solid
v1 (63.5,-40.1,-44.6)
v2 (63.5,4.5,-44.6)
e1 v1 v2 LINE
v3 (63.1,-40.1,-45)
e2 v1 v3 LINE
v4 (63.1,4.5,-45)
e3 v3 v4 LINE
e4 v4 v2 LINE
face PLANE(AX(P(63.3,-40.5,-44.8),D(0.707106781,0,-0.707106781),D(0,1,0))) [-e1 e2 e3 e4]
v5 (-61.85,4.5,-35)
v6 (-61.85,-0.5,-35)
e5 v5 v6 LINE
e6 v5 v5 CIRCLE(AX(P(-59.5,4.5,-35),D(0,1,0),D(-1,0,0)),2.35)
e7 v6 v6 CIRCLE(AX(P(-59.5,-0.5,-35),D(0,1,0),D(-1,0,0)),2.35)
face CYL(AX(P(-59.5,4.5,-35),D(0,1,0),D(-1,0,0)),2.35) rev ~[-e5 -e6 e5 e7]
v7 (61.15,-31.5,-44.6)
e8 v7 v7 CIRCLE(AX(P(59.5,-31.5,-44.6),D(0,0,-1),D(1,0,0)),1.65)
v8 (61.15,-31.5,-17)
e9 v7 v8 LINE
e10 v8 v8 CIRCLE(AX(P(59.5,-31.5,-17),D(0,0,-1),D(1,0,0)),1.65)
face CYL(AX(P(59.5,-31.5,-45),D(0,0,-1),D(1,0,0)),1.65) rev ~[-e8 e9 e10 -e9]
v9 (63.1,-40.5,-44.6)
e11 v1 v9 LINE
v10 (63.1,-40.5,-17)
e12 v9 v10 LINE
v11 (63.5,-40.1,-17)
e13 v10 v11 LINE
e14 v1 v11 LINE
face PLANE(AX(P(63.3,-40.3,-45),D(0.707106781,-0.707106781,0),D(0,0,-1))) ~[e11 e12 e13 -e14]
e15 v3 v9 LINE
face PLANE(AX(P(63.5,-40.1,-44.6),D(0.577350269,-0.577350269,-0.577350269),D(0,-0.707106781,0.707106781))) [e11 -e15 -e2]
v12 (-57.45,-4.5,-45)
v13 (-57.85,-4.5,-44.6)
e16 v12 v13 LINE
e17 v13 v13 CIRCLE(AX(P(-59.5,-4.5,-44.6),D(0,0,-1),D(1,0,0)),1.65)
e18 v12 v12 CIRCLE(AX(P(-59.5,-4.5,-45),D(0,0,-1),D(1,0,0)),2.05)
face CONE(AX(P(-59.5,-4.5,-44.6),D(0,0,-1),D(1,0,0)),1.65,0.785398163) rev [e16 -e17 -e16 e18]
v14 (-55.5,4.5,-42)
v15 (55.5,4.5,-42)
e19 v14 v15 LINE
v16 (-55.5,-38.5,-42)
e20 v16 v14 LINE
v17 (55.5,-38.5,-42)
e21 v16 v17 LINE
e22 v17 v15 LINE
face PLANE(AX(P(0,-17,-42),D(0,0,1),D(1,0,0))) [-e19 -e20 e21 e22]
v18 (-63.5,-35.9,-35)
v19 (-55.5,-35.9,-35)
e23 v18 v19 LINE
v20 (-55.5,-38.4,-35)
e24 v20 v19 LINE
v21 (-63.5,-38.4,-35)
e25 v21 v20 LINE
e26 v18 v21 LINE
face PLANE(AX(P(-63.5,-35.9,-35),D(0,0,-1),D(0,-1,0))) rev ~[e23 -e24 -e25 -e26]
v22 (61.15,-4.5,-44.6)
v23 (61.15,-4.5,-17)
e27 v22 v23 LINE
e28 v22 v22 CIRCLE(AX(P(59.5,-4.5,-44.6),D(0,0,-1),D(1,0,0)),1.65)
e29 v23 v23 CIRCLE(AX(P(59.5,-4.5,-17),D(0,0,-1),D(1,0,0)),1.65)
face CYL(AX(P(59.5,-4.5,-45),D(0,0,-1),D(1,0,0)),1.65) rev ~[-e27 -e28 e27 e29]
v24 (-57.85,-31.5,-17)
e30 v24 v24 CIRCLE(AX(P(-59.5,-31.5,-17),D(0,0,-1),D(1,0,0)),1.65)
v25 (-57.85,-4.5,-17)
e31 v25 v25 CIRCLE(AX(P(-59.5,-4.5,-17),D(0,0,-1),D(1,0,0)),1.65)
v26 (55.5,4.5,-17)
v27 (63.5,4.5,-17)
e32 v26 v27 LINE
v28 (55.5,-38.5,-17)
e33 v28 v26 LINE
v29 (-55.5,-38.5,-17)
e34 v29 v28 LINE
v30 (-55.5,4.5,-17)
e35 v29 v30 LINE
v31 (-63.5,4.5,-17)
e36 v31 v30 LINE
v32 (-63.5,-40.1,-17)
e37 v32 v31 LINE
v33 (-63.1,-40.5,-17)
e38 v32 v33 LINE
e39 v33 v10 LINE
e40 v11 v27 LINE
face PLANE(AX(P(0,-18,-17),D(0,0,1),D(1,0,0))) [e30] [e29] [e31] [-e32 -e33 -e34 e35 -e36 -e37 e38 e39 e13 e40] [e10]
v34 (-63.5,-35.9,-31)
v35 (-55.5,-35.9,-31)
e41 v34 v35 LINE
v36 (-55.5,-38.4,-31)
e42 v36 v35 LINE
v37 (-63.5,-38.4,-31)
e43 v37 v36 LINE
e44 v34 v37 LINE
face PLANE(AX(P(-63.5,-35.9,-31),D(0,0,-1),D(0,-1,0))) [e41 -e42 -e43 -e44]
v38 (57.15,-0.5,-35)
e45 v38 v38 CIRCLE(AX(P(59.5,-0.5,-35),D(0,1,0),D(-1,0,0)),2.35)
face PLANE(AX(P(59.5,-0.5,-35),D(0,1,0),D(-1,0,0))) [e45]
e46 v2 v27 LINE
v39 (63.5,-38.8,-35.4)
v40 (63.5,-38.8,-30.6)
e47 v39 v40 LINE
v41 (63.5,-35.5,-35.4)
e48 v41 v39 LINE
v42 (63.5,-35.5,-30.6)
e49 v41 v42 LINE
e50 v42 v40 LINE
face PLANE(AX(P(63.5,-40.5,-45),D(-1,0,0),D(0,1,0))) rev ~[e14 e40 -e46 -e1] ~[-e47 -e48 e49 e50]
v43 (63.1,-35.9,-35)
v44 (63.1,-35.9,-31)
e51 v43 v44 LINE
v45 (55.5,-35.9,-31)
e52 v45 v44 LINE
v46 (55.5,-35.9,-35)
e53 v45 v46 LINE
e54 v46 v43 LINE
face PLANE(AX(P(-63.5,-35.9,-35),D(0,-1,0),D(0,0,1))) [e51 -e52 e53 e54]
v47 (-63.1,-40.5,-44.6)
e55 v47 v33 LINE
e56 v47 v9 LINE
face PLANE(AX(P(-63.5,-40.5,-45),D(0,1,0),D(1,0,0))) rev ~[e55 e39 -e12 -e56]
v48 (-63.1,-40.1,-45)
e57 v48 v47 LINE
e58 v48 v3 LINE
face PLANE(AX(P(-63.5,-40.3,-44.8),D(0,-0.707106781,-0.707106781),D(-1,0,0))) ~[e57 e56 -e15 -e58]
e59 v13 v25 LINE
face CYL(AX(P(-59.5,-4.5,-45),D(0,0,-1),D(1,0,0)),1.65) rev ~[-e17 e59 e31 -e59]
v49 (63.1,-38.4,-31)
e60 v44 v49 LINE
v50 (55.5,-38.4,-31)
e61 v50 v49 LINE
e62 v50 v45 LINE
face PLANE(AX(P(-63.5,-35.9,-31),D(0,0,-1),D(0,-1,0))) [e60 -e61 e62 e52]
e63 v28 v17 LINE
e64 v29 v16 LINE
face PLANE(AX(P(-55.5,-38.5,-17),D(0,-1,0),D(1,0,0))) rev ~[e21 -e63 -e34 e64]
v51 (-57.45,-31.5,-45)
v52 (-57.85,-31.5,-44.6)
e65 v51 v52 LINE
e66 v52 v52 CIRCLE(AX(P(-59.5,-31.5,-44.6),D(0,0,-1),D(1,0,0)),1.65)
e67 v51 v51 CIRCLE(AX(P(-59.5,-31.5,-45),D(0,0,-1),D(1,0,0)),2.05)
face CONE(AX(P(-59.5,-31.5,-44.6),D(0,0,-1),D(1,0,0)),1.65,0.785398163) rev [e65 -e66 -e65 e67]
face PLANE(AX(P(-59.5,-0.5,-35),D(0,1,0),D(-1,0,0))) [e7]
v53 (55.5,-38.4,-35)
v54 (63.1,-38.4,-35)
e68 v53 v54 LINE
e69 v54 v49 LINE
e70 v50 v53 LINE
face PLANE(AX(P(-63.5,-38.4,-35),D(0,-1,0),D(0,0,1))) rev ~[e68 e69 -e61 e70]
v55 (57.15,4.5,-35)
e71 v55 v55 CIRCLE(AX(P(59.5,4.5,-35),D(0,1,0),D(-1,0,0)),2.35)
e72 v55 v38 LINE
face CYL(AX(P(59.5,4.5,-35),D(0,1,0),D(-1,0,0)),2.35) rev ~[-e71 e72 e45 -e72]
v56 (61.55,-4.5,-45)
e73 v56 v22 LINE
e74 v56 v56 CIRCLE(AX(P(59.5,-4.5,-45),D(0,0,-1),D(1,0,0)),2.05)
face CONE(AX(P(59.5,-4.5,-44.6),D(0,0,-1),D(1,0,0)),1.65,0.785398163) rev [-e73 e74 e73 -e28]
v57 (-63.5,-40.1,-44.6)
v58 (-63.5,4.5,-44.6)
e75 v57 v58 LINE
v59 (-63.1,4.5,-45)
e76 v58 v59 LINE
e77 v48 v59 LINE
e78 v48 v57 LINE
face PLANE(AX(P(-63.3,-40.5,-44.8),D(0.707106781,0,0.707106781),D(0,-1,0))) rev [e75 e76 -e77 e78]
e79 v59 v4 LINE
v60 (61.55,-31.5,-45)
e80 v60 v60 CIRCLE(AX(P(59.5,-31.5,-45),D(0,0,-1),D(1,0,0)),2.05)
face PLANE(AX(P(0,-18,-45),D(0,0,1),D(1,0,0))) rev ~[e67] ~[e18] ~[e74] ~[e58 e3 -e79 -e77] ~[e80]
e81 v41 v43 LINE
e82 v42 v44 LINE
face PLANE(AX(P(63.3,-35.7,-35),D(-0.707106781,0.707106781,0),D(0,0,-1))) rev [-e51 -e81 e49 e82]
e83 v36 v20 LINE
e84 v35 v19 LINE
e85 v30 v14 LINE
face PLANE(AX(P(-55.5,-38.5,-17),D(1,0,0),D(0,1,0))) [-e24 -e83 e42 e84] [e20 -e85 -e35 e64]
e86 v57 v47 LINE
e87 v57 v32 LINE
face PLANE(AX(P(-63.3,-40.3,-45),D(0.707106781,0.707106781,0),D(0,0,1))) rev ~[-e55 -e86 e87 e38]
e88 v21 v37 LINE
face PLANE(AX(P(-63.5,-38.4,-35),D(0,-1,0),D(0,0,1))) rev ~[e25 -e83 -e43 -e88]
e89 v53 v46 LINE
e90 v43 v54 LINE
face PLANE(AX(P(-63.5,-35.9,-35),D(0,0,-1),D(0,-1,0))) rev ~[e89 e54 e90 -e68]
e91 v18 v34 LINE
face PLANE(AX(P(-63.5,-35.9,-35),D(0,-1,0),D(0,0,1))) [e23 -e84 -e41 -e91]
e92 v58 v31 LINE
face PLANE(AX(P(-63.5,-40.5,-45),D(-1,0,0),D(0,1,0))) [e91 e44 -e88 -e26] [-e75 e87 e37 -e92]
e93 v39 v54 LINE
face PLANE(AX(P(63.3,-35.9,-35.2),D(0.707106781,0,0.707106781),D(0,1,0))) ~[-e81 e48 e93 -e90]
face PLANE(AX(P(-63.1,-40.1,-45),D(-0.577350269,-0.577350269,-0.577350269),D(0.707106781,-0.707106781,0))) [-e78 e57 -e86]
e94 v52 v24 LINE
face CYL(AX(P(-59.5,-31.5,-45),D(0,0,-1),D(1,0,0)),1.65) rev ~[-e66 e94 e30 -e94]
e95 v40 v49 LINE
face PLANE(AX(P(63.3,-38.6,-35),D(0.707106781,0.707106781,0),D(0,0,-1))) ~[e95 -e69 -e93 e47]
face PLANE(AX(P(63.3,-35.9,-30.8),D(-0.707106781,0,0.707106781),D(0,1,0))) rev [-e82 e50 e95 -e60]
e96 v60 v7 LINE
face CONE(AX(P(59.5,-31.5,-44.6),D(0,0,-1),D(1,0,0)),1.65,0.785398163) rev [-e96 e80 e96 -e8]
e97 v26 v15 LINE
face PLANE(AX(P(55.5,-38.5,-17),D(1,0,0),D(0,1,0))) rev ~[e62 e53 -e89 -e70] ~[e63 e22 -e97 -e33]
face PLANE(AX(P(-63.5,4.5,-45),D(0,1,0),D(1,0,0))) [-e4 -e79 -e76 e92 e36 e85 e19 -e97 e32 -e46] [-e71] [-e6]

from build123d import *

# Parameters (mm, degrees)
SKETCH010_W     = 127
SKETCH010_H     = 45
PAD005_DEPTH    = 28
SKETCH011_W     = 111
SKETCH011_H     = 43
POCKET006_DEPTH = 25
SKETCH012_R     = 1.65
POCKET007_DEPTH = 28.001
SKETCH018_R     = 2.35
POCKET013_DEPTH = 5
CHAMFER001_SIZE = 0.4
SKETCH023_W     = 2.5
SKETCH023_H     = 4
POCKET017_DEPTH = 127.001
CHAMFER010_SIZE = 0.4


with BuildPart() as part:
    # Sketch010 → Pad005 (new body)
    with BuildSketch(Plane.XY):
        with Locations((0, -18)):
            Rectangle(SKETCH010_W, SKETCH010_H)
    extrude(amount=PAD005_DEPTH)

    # Sketch011 (on Face6 of Pad005) → Pocket006 (cut)
    with BuildSketch(Plane.XY.offset(28)):
        with Locations((0, -17)):
            Rectangle(SKETCH011_W, SKETCH011_H)
    extrude(amount=-POCKET006_DEPTH, mode=Mode.SUBTRACT)

    # Sketch012 (on Face2 of Pocket006) → Pocket007 (cut, through all)
    with BuildSketch(Plane(origin=(0, 0, 0), x_dir=(1, 0, 0), z_dir=(0, 0, -1))):
        with Locations((-59.5, 31.5)):
            Circle(SKETCH012_R)
        with Locations((-59.5, 4.5)):
            Circle(SKETCH012_R)
        with Locations((59.5, 31.5)):
            Circle(SKETCH012_R)
        with Locations((59.5, 4.5)):
            Circle(SKETCH012_R)
    extrude(amount=-POCKET007_DEPTH, mode=Mode.SUBTRACT)

    # Sketch018 (on Face1 of Pocket007) → Pocket013 (cut)
    with BuildSketch(Plane(origin=(0, 4.5, 0), x_dir=(-1, 0, 0), z_dir=(0, 1, 0))):
        with Locations((-59.5, 10)):
            Circle(SKETCH018_R)
        with Locations((59.5, 10)):
            Circle(SKETCH018_R)
    extrude(amount=-POCKET013_DEPTH, mode=Mode.SUBTRACT)

    # Chamfer001
    chamfer001_edges = [part.edges().sort_by_distance(p)[0] for p in [
        (-63.5, -40.5, 14),
        (-63.5, -18, 0),
        (0, -40.5, 0),
        (63.5, -18, 0),
        (63.5, -40.5, 14),
    ]]
    chamfer(chamfer001_edges, length=CHAMFER001_SIZE)

    # Sketch023 (on Face5 of Chamfer001) → Pocket017 (cut, through all)
    with BuildSketch(Plane(origin=(-63.5, 0, 0), x_dir=(0, -1, 0), z_dir=(-1, 0, 0))):
        with Locations((37.15, 12)):
            Rectangle(SKETCH023_W, SKETCH023_H)
    extrude(amount=-POCKET017_DEPTH, mode=Mode.SUBTRACT)


with BuildPart() as part_1:
    # Body002 placement: moved
    add(part.part.moved(Location((0, 0, -28))))

    # Chamfer010
    chamfer010_edges = [part_1.edges().sort_by_distance(p)[0] for p in [
        (57.85, -31.5, -28),
        (-61.15, -31.5, -28),
        (57.85, -4.5, -28),
        (-61.15, -4.5, -28),
        (63.5, -37.15, -14),
        (63.5, -38.4, -16),
        (63.5, -37.15, -18),
        (63.5, -35.9, -16),
    ]]
    chamfer(chamfer010_edges, length=CHAMFER010_SIZE)


with BuildPart() as part_2:
    # Chamfer010 placement: moved
    add(part_1.part.moved(Location((0, 0, -17))))


solid = part_2.part
